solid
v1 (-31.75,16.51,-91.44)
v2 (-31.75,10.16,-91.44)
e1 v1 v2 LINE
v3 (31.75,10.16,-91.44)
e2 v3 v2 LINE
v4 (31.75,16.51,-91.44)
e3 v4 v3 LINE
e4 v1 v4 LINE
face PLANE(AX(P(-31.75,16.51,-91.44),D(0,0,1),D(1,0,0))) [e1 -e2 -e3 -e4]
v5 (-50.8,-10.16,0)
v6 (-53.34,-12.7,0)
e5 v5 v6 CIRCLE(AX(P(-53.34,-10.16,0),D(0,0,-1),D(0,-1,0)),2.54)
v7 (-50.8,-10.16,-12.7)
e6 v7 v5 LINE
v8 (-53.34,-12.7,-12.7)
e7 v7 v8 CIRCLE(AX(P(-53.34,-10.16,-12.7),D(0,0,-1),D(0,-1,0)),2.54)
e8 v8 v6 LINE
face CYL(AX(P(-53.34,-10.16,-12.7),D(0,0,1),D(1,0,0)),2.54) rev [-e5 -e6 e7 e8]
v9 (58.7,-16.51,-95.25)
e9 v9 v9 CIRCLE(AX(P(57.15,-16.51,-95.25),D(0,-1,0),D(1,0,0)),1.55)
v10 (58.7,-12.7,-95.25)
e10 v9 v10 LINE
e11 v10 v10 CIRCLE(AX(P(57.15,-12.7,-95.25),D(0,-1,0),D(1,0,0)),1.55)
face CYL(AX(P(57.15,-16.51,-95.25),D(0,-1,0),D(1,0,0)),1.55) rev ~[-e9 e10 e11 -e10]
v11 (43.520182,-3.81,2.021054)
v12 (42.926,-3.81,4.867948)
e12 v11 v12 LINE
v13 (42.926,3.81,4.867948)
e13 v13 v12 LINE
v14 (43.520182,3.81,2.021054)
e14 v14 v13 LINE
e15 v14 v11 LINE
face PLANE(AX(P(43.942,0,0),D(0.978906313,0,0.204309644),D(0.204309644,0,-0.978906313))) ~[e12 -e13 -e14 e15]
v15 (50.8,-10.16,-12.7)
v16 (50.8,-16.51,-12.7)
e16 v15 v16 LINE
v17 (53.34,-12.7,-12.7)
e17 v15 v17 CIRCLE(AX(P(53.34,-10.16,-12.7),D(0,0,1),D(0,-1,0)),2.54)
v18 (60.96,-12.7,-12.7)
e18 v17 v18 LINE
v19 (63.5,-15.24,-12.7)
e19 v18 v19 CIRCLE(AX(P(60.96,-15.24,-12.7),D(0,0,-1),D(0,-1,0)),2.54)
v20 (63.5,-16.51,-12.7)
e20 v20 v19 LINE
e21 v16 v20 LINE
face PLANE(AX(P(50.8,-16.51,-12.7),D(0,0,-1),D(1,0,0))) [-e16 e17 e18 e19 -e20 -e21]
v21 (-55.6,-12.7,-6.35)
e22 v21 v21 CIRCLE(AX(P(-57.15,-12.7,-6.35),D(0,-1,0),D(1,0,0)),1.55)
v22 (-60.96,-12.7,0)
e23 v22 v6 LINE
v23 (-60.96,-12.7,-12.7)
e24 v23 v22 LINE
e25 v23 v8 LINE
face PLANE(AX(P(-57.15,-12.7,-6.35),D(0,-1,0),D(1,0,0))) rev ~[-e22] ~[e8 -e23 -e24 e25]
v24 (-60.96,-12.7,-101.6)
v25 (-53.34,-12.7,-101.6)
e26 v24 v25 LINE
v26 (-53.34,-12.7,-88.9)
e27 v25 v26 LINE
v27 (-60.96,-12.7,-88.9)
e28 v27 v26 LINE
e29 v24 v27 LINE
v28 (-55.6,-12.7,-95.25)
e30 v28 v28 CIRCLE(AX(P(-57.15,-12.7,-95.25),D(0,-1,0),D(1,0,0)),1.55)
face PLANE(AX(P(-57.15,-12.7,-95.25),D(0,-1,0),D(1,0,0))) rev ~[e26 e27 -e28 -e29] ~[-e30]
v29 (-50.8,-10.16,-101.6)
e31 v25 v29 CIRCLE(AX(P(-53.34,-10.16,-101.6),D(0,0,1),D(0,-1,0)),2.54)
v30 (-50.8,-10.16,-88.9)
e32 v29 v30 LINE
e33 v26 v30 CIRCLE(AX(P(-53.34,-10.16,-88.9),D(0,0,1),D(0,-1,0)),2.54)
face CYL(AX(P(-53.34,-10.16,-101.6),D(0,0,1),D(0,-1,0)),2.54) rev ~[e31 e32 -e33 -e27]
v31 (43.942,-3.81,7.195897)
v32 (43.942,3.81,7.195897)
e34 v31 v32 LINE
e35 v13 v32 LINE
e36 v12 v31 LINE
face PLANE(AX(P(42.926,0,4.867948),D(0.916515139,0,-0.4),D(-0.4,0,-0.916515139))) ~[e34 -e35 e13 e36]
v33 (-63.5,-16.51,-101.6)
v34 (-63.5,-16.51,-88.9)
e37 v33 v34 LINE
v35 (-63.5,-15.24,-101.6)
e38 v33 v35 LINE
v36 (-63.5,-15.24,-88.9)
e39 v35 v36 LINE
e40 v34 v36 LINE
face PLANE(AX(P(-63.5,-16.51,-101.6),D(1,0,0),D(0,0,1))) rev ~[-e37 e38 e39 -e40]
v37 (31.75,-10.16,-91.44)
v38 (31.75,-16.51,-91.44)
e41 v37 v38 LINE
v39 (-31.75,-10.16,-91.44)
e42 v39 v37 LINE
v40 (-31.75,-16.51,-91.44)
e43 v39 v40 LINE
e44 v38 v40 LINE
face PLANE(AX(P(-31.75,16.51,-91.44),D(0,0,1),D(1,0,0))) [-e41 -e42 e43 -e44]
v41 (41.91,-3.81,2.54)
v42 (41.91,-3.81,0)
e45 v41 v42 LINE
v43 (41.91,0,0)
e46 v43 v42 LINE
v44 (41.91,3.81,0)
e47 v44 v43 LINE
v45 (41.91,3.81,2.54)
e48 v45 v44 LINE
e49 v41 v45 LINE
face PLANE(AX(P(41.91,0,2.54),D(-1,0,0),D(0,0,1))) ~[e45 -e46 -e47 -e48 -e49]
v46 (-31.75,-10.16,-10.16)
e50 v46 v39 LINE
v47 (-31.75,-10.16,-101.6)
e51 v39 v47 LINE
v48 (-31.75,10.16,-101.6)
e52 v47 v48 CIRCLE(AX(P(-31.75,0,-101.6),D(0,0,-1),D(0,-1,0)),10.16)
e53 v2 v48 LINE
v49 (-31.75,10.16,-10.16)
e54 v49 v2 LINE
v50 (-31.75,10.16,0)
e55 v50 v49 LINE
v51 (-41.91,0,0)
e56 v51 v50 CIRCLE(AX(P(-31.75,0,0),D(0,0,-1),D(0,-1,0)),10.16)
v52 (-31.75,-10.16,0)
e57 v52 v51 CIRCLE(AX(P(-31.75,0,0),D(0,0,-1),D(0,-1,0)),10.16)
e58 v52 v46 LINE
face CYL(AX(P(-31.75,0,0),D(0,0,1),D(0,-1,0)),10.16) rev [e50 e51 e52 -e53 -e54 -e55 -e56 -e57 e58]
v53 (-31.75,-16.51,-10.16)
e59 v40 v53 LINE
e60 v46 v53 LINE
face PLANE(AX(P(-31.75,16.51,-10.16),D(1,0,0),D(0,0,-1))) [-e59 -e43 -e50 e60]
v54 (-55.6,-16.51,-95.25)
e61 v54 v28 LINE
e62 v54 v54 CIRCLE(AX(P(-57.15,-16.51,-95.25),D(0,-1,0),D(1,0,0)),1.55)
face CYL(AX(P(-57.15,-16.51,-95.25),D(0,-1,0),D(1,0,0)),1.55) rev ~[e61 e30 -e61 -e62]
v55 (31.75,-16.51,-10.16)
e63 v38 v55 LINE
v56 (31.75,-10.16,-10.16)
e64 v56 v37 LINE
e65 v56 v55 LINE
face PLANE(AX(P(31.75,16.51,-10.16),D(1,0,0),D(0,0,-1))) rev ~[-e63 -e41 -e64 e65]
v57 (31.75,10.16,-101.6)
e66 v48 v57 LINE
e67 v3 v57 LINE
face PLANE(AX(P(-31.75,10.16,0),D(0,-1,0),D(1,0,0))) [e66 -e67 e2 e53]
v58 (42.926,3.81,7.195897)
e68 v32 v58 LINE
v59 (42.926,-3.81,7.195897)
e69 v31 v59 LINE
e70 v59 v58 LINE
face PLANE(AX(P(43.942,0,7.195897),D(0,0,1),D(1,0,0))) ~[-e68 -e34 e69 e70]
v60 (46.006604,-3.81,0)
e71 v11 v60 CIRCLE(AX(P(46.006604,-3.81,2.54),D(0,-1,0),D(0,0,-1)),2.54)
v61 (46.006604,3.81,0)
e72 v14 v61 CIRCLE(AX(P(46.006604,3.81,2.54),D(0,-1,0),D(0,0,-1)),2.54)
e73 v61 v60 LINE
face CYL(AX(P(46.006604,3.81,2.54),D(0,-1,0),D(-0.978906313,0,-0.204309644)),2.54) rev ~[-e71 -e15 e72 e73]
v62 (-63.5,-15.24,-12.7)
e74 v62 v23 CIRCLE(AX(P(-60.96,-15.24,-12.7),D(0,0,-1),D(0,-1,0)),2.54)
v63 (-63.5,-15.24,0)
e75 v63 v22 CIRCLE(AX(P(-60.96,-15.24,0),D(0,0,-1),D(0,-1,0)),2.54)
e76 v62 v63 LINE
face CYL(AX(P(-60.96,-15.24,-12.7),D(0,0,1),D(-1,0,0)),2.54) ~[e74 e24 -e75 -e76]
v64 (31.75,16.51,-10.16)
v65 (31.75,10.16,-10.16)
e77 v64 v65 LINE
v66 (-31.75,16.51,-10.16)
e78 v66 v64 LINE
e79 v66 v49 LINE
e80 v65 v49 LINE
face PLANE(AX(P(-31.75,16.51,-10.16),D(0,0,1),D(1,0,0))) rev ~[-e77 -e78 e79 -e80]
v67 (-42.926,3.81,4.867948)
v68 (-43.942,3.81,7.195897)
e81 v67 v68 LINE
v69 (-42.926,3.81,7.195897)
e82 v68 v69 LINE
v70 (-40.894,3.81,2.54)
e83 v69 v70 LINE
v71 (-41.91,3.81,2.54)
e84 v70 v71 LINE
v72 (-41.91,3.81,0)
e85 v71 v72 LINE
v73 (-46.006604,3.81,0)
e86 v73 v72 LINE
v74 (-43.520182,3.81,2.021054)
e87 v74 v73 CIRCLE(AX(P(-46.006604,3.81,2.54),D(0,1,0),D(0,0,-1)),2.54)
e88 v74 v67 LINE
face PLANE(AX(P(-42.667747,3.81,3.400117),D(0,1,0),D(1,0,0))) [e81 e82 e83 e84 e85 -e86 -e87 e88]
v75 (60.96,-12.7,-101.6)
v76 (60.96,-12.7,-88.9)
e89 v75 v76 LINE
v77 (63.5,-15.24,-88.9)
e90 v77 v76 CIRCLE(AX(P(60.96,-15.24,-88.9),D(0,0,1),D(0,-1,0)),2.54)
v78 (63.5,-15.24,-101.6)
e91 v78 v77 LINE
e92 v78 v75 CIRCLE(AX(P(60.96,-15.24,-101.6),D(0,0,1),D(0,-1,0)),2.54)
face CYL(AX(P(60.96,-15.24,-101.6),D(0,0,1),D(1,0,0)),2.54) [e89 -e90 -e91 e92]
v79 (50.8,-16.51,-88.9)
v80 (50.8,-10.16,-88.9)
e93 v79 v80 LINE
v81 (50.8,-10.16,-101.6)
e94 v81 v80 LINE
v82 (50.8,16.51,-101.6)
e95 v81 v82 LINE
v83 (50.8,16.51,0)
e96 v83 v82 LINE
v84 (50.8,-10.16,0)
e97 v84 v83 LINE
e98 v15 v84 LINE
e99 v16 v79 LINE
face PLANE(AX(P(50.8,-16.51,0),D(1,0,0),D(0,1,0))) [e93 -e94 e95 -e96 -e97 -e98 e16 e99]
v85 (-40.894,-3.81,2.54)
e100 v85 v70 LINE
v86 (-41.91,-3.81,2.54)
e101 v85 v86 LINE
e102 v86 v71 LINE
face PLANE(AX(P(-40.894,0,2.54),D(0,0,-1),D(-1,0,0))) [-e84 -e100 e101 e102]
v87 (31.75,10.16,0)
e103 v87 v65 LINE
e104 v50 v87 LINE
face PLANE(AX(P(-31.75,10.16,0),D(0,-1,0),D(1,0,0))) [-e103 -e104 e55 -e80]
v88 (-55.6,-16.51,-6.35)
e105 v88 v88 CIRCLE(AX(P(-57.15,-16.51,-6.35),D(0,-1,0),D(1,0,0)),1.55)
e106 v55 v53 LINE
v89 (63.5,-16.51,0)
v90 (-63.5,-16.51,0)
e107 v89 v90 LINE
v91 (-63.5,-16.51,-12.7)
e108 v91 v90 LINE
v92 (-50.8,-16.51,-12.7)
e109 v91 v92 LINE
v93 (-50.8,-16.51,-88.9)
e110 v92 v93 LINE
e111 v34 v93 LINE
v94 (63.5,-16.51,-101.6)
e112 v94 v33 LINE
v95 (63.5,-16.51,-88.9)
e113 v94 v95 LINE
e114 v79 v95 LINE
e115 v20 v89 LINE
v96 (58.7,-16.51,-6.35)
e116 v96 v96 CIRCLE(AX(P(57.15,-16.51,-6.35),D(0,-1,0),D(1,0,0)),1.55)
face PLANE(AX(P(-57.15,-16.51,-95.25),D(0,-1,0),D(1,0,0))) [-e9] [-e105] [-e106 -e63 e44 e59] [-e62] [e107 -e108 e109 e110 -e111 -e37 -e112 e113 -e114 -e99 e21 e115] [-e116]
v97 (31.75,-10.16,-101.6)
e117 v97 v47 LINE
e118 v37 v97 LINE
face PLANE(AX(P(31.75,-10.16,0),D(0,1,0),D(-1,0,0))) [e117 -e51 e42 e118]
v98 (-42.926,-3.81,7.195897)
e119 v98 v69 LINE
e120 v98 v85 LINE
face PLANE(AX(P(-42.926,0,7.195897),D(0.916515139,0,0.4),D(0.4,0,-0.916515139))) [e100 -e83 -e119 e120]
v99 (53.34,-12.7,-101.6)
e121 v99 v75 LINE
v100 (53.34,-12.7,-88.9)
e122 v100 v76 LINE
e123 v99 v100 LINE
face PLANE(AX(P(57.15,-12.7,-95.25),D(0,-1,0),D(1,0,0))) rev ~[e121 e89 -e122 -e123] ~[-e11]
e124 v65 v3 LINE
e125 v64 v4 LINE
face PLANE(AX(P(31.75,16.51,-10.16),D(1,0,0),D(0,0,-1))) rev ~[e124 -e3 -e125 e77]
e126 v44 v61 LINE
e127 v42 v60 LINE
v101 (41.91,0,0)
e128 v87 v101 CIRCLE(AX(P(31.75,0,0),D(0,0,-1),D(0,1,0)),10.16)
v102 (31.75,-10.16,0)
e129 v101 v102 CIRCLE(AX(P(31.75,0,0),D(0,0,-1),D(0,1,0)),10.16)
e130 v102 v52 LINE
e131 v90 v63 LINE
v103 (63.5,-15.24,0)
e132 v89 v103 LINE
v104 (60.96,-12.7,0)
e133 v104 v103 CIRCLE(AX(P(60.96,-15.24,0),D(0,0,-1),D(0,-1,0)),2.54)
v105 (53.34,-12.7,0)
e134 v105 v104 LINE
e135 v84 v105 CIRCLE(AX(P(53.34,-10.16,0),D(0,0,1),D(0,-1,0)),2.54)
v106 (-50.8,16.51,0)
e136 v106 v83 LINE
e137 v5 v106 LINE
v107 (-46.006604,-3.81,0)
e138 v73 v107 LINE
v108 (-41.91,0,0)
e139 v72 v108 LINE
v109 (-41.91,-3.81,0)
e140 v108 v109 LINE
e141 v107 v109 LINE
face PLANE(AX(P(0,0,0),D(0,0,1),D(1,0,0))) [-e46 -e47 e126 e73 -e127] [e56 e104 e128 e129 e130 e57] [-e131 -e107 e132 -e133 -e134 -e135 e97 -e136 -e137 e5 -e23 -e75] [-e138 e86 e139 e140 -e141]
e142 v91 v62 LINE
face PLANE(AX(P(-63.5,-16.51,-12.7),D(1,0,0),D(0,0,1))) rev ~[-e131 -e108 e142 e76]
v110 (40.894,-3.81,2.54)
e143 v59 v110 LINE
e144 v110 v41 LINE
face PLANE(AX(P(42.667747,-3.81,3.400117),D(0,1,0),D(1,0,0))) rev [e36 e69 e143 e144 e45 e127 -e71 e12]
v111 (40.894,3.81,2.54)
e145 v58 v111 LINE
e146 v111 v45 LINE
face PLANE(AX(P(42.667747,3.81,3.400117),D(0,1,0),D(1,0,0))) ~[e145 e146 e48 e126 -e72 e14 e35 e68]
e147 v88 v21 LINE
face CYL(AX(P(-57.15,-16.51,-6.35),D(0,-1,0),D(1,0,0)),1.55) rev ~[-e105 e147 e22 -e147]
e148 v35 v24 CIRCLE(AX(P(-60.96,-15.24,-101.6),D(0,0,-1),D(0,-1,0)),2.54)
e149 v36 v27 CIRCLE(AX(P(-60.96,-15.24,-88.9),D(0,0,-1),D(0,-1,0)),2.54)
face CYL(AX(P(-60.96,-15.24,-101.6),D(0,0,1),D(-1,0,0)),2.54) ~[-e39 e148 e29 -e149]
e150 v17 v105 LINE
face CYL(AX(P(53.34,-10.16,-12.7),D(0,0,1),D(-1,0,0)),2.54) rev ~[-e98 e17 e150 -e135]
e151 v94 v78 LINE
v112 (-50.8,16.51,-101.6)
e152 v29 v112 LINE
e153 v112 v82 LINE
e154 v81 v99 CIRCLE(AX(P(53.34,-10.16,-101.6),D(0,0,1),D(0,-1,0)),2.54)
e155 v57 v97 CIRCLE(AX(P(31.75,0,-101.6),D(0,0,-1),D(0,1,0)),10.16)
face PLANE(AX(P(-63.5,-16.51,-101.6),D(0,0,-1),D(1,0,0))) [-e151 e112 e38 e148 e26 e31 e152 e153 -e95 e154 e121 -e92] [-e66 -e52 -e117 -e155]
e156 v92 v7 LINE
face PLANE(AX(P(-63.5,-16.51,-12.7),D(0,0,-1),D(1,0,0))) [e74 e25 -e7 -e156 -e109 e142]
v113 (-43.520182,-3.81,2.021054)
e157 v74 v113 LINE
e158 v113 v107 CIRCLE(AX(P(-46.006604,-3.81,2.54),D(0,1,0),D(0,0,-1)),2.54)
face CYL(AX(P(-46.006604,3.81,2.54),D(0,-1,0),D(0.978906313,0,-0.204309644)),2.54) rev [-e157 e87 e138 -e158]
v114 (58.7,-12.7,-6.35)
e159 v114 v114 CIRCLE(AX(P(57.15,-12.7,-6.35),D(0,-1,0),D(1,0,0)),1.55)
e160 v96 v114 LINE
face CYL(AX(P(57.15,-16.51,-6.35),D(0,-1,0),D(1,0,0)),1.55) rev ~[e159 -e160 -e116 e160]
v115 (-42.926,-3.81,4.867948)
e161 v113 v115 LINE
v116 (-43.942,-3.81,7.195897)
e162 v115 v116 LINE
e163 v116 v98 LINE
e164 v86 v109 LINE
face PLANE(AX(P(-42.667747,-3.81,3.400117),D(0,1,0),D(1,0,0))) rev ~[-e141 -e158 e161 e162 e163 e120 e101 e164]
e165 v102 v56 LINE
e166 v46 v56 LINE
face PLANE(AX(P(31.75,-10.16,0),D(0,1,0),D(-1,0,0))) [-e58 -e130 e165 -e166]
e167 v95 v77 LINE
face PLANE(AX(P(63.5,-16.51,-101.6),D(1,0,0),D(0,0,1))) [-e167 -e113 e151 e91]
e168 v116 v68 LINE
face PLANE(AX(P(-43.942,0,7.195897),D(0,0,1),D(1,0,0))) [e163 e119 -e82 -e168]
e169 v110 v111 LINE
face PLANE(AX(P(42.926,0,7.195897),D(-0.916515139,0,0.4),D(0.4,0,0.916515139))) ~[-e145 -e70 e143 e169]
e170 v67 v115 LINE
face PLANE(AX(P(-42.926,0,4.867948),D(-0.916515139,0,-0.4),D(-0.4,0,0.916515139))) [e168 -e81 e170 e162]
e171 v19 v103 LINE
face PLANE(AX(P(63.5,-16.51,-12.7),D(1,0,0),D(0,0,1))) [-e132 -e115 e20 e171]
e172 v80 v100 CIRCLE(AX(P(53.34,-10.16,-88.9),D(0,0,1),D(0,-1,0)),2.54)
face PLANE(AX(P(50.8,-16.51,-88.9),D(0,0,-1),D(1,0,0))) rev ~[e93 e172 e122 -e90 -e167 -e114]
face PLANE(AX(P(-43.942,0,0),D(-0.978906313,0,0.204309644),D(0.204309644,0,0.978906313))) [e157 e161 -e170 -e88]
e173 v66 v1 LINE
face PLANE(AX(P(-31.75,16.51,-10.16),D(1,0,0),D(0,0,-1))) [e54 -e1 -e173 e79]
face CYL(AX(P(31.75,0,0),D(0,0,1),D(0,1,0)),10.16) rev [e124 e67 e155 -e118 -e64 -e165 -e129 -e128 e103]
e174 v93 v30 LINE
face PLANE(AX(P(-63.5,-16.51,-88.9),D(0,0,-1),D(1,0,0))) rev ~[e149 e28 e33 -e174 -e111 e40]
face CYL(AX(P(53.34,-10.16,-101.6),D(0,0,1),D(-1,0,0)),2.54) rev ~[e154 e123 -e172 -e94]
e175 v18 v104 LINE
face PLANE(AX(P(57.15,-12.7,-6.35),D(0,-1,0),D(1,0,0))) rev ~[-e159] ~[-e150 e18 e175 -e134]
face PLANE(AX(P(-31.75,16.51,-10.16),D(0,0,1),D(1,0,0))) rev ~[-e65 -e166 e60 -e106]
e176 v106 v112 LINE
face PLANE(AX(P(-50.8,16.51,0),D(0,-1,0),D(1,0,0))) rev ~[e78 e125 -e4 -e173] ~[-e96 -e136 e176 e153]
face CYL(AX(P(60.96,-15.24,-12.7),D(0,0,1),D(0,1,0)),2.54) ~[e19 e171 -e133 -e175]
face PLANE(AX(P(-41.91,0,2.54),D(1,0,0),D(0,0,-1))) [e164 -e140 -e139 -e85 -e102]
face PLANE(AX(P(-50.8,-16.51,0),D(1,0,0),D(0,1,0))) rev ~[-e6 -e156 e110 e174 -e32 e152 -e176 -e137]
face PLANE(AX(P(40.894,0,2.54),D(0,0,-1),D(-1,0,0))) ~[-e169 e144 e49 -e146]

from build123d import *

# Parameters (mm, degrees)
SKETCH1_W            = 101.6
SKETCH1_H            = 33.02
BOSS_EXTRUDE1_DEPTH  = 101.6
SKETCH2_W            = 63.5
SKETCH2_H            = 81.28
CUT_EXTRUDE1_DEPTH   = 119.294211186
BOSS_EXTRUDE2_START  = -16.51
BOSS_EXTRUDE2_DEPTH  = 3.81
FILLET2_R            = 2.54
SKETCH4_W            = 12.7
SKETCH4_H            = 12.7
SKETCH4_R            = 1.55
BOSS_EXTRUDE3_DEPTH  = 3.81
FILLET3_R            = 2.54
FILLET2_OF_MIRROR1_R = 2.54


with BuildPart() as part:
    # Sketch1 → Boss-Extrude1 (new body)
    with BuildSketch(Plane.XY):
        Rectangle(SKETCH1_W, SKETCH1_H)
        with BuildLine():
            Line((-31.75, 10.16), (31.75, 10.16))
            ThreePointArc((31.75, 10.16), (41.91, 0), (31.75, -10.16))
            Line((31.75, -10.16), (-31.75, -10.16))
            ThreePointArc((-31.75, -10.16), (-41.91, 0), (-31.75, 10.16))
        make_face(mode=Mode.SUBTRACT)
    extrude(amount=-BOSS_EXTRUDE1_DEPTH)

    # Sketch2 → Cut-Extrude1 (cut, through all)
    with BuildSketch(Plane(origin=(0, 16.51, 0), x_dir=(1, 0, 0), z_dir=(0, 1, 0))):
        with Locations((0, 50.8)):
            Rectangle(SKETCH2_W, SKETCH2_H)
    extrude(amount=-CUT_EXTRUDE1_DEPTH, mode=Mode.SUBTRACT)

    # Sketch3 → Boss-Extrude2 (add, symmetric)
    with BuildSketch(Plane(origin=(0, 16.51, 0), x_dir=(1, 0, 0), z_dir=(0, 1, 0)).offset(BOSS_EXTRUDE2_START)):
        Polygon((-42.926, -4.867948453), (-43.942, -7.195896906), (-42.926, -7.195896906), (-41.91, -4.867948453), (-40.894, -2.54), (-41.91, -2.54), (-41.91, 0), (-43.942, 0), align=None)
    boss_extrude2 = extrude(amount=BOSS_EXTRUDE2_DEPTH, both=True)

    # Fillet2
    fillet2_edges = [part.edges().sort_by_distance(p)[0] for p in [
        (-43.942, 0, 0),
    ]]
    fillet(fillet2_edges, radius=FILLET2_R)

    # Sketch4 → Boss-Extrude3 (add)
    # profile 1 of 4: a face of its own
    with BuildSketch(Plane.XZ.offset(16.51)):
        with Locations((-57.15, -95.25)):
            Rectangle(SKETCH4_W, SKETCH4_H)
        with Locations((-57.15, -95.25)):
            Circle(SKETCH4_R, mode=Mode.SUBTRACT)
    # profile 2 of 4: a face of its own
    with BuildSketch(Plane.XZ.offset(16.51)):
        with Locations((57.15, -95.25)):
            Rectangle(SKETCH4_W, SKETCH4_H)
        with Locations((57.15, -95.25)):
            Circle(SKETCH4_R, mode=Mode.SUBTRACT)
    # profile 3 of 4: a face of its own
    with BuildSketch(Plane.XZ.offset(16.51)):
        with Locations((57.15, -6.35)):
            Rectangle(SKETCH4_W, SKETCH4_H)
        with Locations((57.15, -6.35)):
            Circle(SKETCH4_R, mode=Mode.SUBTRACT)
    # profile 4 of 4: a face of its own
    with BuildSketch(Plane.XZ.offset(16.51)):
        with Locations((-57.15, -6.35)):
            Rectangle(SKETCH4_W, SKETCH4_H)
        with Locations((-57.15, -6.35)):
            Circle(SKETCH4_R, mode=Mode.SUBTRACT)
    extrude(amount=-BOSS_EXTRUDE3_DEPTH)

    # Fillet3
    fillet3_edges = [part.edges().sort_by_distance(p)[0] for p in [
        (-63.5, -12.7, -95.25),
        (-50.8, -12.7, -95.25),
        (63.5, -12.7, -95.25),
        (50.8, -12.7, -95.25),
        (63.5, -12.7, -6.35),
        (50.8, -12.7, -6.35),
        (-63.5, -12.7, -6.35),
        (-50.8, -12.7, -6.35),
    ]]
    fillet(fillet3_edges, radius=FILLET3_R)

    # Mirror1: Boss-Extrude2 across plane
    add(boss_extrude2.mirror(Plane(origin=(0, 0, 0), x_dir=(0, 0, 1), z_dir=(1, 0, 0))))

    # Fillet2 of Mirror1
    fillet2_of_mirror1_edges = [part.edges().sort_by_distance(p)[0] for p in [
        (43.942, 0, 0),
    ]]
    fillet(fillet2_of_mirror1_edges, radius=FILLET2_OF_MIRROR1_R)


solid = part.part
